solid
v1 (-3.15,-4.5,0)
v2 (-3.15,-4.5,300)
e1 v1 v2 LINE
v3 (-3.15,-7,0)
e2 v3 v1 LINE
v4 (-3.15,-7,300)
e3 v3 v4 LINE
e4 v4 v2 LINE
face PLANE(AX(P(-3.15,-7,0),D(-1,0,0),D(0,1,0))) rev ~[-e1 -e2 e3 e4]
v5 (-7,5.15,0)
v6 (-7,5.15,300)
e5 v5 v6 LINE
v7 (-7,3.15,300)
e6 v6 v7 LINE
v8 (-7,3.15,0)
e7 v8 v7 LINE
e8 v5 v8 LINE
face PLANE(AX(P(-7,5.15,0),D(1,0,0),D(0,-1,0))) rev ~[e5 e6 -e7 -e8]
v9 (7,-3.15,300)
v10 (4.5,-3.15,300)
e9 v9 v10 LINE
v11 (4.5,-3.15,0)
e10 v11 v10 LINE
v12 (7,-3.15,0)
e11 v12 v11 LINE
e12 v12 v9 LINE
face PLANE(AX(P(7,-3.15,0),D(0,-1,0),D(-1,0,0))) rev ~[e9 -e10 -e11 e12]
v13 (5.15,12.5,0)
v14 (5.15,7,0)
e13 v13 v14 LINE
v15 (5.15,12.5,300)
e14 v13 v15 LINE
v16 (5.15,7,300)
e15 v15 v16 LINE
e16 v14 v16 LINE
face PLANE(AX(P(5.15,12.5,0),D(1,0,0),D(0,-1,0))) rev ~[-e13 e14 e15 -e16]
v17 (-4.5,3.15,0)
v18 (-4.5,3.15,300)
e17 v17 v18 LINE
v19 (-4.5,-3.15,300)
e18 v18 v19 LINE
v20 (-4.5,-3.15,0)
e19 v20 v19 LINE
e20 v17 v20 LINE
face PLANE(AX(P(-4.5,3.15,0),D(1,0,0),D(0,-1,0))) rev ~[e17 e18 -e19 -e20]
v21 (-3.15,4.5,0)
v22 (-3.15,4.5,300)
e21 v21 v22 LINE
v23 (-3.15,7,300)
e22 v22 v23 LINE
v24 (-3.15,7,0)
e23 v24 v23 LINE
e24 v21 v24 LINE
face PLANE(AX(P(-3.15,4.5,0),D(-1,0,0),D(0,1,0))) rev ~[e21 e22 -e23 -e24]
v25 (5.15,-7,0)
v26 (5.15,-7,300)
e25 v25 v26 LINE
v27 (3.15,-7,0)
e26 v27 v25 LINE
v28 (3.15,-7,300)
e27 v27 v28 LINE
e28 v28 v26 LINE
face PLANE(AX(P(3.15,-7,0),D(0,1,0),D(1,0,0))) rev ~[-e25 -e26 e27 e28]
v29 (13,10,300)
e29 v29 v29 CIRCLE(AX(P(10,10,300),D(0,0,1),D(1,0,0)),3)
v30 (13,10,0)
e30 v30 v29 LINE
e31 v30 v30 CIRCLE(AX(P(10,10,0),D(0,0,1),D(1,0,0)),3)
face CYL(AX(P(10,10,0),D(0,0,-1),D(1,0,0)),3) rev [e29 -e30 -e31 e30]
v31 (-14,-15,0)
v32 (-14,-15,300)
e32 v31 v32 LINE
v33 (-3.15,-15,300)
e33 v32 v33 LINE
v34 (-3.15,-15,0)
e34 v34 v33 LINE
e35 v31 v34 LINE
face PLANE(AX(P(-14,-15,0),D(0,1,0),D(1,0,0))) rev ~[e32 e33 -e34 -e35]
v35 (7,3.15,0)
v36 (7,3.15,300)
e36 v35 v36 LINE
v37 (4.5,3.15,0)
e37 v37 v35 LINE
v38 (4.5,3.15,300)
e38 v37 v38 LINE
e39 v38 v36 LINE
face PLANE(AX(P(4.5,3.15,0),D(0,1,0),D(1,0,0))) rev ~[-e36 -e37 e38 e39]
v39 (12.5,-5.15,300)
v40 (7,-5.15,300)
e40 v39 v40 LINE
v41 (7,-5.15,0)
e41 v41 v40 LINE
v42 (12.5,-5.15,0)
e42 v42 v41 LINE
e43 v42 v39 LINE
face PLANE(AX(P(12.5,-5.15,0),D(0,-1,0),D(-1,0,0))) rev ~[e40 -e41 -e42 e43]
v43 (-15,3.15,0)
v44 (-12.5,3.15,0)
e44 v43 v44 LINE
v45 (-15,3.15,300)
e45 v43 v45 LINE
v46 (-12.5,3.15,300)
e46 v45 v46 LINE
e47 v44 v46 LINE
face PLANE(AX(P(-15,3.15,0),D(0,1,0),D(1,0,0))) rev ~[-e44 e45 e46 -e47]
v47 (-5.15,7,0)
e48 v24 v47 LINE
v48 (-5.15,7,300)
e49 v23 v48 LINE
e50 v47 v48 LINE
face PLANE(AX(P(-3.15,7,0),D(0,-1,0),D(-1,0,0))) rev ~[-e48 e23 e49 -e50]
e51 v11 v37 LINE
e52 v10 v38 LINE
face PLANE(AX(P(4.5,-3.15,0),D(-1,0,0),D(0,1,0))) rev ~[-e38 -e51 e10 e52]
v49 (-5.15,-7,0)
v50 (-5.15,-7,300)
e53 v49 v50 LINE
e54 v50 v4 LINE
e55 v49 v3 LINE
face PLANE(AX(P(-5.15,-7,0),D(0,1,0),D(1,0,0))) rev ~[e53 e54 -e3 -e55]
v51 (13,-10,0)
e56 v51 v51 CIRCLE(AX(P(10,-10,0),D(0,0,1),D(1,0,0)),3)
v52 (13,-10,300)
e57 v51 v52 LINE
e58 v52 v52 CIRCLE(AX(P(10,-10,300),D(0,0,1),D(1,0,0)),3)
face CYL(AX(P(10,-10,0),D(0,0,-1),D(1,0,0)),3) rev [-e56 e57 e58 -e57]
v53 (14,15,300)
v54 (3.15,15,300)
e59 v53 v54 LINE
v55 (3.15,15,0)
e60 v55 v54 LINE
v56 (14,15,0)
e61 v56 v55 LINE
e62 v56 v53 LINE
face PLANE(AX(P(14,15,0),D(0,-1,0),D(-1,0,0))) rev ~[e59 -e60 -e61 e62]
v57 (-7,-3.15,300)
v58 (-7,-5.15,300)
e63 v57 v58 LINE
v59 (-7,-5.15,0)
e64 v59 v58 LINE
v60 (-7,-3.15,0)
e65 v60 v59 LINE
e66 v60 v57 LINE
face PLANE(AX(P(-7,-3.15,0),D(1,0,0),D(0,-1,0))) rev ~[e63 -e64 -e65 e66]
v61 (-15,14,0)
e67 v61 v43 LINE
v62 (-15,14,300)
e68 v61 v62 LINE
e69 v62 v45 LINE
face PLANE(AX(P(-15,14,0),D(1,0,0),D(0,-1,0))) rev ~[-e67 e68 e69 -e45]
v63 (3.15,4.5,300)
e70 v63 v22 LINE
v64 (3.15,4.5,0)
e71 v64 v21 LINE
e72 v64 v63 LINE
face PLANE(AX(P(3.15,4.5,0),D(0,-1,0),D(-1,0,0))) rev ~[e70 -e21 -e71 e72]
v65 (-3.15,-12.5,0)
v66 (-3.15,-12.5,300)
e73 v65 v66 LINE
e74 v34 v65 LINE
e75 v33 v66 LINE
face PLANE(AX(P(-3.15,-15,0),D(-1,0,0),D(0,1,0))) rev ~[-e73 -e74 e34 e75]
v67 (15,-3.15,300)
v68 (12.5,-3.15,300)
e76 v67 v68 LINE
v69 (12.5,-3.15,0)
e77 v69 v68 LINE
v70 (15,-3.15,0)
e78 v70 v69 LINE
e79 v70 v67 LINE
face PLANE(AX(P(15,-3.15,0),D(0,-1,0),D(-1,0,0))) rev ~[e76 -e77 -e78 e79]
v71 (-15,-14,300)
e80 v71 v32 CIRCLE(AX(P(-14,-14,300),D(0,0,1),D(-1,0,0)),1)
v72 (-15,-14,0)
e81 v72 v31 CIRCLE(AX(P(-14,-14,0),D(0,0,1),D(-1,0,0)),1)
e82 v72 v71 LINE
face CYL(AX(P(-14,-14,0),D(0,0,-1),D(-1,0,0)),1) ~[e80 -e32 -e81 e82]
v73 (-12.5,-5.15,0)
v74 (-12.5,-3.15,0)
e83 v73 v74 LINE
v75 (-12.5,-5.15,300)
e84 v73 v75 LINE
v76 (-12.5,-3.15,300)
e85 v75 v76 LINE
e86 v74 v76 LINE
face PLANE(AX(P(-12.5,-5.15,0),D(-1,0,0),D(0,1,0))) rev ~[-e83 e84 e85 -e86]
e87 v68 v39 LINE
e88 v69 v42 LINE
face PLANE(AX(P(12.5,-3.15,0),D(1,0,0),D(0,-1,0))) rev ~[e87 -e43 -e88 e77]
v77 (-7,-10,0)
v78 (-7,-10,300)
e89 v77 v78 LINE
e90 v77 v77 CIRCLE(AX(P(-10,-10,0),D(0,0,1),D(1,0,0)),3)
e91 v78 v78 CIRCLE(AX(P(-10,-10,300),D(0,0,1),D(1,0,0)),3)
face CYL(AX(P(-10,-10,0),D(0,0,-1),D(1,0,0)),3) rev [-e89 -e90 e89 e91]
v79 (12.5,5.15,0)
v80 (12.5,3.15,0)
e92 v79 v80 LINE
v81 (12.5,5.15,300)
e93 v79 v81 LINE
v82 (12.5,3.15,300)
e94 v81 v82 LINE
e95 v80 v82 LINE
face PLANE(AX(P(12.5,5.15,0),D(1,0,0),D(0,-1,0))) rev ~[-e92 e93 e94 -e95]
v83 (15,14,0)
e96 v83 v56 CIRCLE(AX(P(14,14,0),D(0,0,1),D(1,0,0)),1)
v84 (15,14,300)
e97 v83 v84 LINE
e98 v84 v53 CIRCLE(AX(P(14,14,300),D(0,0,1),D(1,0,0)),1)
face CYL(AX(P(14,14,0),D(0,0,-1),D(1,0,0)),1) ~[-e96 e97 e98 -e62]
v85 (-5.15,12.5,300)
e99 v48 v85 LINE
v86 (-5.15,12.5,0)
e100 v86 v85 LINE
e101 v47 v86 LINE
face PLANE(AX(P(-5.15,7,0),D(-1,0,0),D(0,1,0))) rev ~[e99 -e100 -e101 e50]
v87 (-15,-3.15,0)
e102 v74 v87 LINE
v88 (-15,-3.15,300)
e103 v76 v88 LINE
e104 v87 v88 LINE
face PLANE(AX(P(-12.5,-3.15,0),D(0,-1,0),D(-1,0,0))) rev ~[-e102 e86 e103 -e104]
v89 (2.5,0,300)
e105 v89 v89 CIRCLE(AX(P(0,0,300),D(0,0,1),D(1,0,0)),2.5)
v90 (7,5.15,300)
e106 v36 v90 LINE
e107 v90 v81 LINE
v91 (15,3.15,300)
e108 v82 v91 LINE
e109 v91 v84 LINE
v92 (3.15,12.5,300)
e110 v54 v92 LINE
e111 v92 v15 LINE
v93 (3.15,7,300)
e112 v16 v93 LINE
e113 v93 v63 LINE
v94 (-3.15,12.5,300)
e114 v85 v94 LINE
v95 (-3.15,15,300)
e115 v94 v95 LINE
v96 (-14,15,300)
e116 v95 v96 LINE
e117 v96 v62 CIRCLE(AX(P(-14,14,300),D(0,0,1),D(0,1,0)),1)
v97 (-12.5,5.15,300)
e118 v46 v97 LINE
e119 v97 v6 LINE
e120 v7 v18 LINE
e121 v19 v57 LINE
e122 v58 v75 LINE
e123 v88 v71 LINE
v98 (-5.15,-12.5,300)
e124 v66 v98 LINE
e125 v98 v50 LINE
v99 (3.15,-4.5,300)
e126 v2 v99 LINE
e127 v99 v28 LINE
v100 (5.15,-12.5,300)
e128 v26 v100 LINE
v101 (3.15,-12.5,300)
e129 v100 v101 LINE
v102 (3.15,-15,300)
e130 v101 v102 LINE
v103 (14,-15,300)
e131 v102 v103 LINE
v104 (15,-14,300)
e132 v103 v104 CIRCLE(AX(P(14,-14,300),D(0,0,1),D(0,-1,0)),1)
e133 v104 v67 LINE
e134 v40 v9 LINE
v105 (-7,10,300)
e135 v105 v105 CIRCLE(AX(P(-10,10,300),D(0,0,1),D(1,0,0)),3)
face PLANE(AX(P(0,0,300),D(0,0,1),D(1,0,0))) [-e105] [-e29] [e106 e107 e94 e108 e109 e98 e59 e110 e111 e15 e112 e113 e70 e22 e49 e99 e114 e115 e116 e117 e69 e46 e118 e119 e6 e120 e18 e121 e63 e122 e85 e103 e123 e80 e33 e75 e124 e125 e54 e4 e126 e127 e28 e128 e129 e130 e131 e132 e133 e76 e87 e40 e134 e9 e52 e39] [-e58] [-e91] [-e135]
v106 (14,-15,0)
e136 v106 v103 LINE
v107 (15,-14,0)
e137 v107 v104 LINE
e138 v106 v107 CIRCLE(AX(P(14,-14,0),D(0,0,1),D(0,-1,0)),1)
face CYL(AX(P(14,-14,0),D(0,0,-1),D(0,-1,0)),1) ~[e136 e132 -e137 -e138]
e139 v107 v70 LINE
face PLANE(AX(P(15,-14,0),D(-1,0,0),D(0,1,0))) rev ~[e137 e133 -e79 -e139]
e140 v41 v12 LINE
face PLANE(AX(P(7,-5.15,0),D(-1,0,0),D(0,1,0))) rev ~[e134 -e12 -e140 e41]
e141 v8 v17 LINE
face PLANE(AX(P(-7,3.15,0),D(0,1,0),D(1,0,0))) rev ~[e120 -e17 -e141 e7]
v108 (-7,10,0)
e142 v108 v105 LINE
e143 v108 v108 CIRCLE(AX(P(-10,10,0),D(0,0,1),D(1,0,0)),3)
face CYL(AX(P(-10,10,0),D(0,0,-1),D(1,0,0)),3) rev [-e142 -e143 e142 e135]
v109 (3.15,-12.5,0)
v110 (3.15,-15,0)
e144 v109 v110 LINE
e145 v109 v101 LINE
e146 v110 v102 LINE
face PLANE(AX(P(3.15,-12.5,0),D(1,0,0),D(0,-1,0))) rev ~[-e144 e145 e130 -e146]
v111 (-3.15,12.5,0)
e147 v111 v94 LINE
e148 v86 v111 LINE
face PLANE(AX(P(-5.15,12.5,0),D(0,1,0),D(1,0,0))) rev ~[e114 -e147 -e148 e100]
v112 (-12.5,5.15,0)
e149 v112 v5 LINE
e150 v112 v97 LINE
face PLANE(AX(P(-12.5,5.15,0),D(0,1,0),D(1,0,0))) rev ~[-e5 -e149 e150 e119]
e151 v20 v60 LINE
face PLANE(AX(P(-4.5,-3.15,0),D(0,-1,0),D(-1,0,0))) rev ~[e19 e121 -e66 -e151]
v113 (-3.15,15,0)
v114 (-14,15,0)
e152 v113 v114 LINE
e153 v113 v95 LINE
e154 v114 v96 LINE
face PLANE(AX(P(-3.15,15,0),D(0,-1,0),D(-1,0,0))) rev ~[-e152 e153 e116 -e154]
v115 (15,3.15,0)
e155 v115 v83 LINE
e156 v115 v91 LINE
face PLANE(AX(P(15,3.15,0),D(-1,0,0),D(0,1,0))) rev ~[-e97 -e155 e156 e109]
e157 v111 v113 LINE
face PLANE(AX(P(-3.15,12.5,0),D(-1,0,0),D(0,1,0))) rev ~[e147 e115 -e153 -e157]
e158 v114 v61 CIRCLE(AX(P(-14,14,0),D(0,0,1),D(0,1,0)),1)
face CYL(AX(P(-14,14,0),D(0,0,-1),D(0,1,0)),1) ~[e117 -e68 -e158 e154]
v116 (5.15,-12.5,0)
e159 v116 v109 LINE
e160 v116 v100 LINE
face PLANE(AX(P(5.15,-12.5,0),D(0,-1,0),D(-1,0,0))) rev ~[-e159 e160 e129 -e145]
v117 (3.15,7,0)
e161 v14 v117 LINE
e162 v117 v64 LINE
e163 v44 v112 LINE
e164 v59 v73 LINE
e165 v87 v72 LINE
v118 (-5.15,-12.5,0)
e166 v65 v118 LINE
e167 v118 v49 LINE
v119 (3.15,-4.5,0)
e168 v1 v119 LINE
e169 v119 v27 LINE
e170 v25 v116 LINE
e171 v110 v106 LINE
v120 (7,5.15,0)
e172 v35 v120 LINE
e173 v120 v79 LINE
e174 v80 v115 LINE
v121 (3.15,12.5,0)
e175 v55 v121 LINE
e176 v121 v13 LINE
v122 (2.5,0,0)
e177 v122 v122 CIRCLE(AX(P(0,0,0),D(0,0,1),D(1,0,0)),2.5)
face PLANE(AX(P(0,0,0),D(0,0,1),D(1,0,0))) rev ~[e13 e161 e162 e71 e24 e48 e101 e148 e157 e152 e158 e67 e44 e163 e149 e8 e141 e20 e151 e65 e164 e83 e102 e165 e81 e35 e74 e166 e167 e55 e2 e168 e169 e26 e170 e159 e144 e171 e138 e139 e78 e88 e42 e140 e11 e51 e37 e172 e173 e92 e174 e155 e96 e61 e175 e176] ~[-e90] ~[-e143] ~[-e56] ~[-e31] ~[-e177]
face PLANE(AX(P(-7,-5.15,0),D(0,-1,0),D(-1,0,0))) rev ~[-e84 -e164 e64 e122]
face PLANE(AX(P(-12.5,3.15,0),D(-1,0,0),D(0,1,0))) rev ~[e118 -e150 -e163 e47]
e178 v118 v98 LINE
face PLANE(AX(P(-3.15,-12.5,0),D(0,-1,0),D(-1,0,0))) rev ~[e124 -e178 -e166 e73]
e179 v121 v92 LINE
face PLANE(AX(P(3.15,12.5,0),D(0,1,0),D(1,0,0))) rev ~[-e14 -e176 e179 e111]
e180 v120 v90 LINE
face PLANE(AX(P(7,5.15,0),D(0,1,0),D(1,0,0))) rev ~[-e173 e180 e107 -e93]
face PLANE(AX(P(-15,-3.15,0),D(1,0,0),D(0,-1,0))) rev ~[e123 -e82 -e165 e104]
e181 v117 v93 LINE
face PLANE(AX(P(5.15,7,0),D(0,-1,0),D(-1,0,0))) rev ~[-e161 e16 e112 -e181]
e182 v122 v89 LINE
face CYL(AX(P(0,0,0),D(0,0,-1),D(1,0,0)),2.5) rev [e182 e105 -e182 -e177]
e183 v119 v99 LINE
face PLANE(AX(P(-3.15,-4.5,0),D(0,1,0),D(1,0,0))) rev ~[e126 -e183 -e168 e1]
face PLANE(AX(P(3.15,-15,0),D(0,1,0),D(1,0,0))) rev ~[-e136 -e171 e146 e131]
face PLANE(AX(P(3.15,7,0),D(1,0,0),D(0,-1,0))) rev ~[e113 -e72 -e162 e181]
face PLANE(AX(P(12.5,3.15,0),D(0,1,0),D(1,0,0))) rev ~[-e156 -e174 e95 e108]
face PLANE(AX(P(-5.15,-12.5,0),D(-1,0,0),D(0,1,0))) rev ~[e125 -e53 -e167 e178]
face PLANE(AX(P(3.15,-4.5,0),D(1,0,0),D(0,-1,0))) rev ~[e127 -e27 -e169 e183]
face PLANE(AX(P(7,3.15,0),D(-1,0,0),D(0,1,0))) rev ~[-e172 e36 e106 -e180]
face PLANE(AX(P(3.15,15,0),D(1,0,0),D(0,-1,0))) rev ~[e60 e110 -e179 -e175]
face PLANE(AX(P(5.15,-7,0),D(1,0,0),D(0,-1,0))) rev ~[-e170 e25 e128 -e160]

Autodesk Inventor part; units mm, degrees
ref_plane "YZ Plane" through (0, 0, 0) normal (1, 0, 0) x (0, 1, 0)
ref_plane "XZ Plane" through (0, 0, 0) normal (0, 1, 0) x (-1, 0, 0)
ref_plane "XY Plane" through (0, 0, 0) normal (0, 0, 1) x (1, 0, 0)
feature "ソリッド1" [suppressed]
sketch "スケッチ2" plane through (0, 0, 0) normal (0, 0, 1) x (1, 0, 0)
  line L0 (-12.5, 5.15) -> (-7, 5.15) projected
  line L1 (-7, 5.15) -> (-7, 3.15) projected
  line L2 (-7, 3.15) -> (-4.5, 3.15) projected
  line L3 (-4.5, 3.15) -> (-4.5, -3.15) projected
  line L4 (-4.5, -3.15) -> (-7, -3.15) projected
  line L5 (-7, -3.15) -> (-7, -5.15) projected
  line L6 (-7, -5.15) -> (-12.5, -5.15) projected
  line L7 (-12.5, -5.15) -> (-12.5, -3.15) projected
  line L8 (-12.5, -3.15) -> (-15, -3.15) projected
  line L9 (-15, -3.15) -> (-15, -14) projected
  arc A0 (-15, -14) -> (-14, -15) centre (-14, -14) ccw projected
  line L10 (-14, -15) -> (-3.15, -15) projected
  line L11 (-3.15, -15) -> (-3.15, -12.5) projected
  line L12 (-3.15, -12.5) -> (-5.15, -12.5) projected
  line L13 (-5.15, -12.5) -> (-5.15, -7) projected
  line L14 (-5.15, -7) -> (-3.15, -7) projected
  line L15 (-3.15, -7) -> (-3.15, -4.5) projected
  line L16 (-3.15, -4.5) -> (3.15, -4.5) projected
  line L17 (3.15, -4.5) -> (3.15, -7) projected
  line L18 (3.15, -7) -> (5.15, -7) projected
  line L19 (5.15, -7) -> (5.15, -12.5) projected
  line L20 (5.15, -12.5) -> (3.15, -12.5) projected
  line L21 (3.15, -12.5) -> (3.15, -15) projected
  line L22 (3.15, -15) -> (14, -15) projected
  arc A1 (14, -15) -> (15, -14) centre (14, -14) ccw projected
  line L23 (15, -14) -> (15, -3.15) projected
  line L24 (15, -3.15) -> (12.5, -3.15) projected
  line L25 (12.5, -3.15) -> (12.5, -5.15) projected
  line L26 (12.5, -5.15) -> (7, -5.15) projected
  line L27 (7, -5.15) -> (7, -3.15) projected
  line L28 (7, -3.15) -> (4.5, -3.15) projected
  line L29 (4.5, -3.15) -> (4.5, 3.15) projected
  line L30 (4.5, 3.15) -> (7, 3.15) projected
  line L31 (7, 3.15) -> (7, 5.15) projected
  line L32 (7, 5.15) -> (12.5, 5.15) projected
  line L33 (12.5, 5.15) -> (12.5, 3.15) projected
  line L34 (12.5, 3.15) -> (15, 3.15) projected
  line L35 (15, 3.15) -> (15, 14) projected
  arc A2 (15, 14) -> (14, 15) centre (14, 14) ccw projected
  line L36 (14, 15) -> (3.15, 15) projected
  line L37 (3.15, 15) -> (3.15, 12.5) projected
  line L38 (3.15, 12.5) -> (5.15, 12.5) projected
  line L39 (5.15, 12.5) -> (5.15, 7) projected
  line L40 (5.15, 7) -> (3.15, 7) projected
  line L41 (3.15, 7) -> (3.15, 4.5) projected
  line L42 (3.15, 4.5) -> (-3.15, 4.5) projected
  line L43 (-3.15, 4.5) -> (-3.15, 7) projected
  line L44 (-3.15, 7) -> (-5.15, 7) projected
  line L45 (-5.15, 7) -> (-5.15, 12.5) projected
  line L46 (-5.15, 12.5) -> (-3.15, 12.5) projected
  line L47 (-3.15, 12.5) -> (-3.15, 15) projected
  line L48 (-3.15, 15) -> (-14, 15) projected
  arc A3 (-14, 15) -> (-15, 14) centre (-14, 14) ccw projected
  line L49 (-15, 14) -> (-15, 3.15) projected
  line L50 (-15, 3.15) -> (-12.5, 3.15) projected
  line L51 (-12.5, 3.15) -> (-12.5, 5.15) projected
  circle A4 centre (10, 10) radius 3 projected
  circle A5 centre (-10, 10) radius 3 projected
  circle A6 centre (-10, -10) radius 3 projected
  circle A7 centre (10, -10) radius 3 projected
  circle A8 centre (0, 0) radius 2.5 projected
extrude "押し出し1" add sketch "スケッチ2" along normal blind 300
equation "\"d1\" = L"
equation "\"L\" = 300"
properties part number "AFS-3030-200"
